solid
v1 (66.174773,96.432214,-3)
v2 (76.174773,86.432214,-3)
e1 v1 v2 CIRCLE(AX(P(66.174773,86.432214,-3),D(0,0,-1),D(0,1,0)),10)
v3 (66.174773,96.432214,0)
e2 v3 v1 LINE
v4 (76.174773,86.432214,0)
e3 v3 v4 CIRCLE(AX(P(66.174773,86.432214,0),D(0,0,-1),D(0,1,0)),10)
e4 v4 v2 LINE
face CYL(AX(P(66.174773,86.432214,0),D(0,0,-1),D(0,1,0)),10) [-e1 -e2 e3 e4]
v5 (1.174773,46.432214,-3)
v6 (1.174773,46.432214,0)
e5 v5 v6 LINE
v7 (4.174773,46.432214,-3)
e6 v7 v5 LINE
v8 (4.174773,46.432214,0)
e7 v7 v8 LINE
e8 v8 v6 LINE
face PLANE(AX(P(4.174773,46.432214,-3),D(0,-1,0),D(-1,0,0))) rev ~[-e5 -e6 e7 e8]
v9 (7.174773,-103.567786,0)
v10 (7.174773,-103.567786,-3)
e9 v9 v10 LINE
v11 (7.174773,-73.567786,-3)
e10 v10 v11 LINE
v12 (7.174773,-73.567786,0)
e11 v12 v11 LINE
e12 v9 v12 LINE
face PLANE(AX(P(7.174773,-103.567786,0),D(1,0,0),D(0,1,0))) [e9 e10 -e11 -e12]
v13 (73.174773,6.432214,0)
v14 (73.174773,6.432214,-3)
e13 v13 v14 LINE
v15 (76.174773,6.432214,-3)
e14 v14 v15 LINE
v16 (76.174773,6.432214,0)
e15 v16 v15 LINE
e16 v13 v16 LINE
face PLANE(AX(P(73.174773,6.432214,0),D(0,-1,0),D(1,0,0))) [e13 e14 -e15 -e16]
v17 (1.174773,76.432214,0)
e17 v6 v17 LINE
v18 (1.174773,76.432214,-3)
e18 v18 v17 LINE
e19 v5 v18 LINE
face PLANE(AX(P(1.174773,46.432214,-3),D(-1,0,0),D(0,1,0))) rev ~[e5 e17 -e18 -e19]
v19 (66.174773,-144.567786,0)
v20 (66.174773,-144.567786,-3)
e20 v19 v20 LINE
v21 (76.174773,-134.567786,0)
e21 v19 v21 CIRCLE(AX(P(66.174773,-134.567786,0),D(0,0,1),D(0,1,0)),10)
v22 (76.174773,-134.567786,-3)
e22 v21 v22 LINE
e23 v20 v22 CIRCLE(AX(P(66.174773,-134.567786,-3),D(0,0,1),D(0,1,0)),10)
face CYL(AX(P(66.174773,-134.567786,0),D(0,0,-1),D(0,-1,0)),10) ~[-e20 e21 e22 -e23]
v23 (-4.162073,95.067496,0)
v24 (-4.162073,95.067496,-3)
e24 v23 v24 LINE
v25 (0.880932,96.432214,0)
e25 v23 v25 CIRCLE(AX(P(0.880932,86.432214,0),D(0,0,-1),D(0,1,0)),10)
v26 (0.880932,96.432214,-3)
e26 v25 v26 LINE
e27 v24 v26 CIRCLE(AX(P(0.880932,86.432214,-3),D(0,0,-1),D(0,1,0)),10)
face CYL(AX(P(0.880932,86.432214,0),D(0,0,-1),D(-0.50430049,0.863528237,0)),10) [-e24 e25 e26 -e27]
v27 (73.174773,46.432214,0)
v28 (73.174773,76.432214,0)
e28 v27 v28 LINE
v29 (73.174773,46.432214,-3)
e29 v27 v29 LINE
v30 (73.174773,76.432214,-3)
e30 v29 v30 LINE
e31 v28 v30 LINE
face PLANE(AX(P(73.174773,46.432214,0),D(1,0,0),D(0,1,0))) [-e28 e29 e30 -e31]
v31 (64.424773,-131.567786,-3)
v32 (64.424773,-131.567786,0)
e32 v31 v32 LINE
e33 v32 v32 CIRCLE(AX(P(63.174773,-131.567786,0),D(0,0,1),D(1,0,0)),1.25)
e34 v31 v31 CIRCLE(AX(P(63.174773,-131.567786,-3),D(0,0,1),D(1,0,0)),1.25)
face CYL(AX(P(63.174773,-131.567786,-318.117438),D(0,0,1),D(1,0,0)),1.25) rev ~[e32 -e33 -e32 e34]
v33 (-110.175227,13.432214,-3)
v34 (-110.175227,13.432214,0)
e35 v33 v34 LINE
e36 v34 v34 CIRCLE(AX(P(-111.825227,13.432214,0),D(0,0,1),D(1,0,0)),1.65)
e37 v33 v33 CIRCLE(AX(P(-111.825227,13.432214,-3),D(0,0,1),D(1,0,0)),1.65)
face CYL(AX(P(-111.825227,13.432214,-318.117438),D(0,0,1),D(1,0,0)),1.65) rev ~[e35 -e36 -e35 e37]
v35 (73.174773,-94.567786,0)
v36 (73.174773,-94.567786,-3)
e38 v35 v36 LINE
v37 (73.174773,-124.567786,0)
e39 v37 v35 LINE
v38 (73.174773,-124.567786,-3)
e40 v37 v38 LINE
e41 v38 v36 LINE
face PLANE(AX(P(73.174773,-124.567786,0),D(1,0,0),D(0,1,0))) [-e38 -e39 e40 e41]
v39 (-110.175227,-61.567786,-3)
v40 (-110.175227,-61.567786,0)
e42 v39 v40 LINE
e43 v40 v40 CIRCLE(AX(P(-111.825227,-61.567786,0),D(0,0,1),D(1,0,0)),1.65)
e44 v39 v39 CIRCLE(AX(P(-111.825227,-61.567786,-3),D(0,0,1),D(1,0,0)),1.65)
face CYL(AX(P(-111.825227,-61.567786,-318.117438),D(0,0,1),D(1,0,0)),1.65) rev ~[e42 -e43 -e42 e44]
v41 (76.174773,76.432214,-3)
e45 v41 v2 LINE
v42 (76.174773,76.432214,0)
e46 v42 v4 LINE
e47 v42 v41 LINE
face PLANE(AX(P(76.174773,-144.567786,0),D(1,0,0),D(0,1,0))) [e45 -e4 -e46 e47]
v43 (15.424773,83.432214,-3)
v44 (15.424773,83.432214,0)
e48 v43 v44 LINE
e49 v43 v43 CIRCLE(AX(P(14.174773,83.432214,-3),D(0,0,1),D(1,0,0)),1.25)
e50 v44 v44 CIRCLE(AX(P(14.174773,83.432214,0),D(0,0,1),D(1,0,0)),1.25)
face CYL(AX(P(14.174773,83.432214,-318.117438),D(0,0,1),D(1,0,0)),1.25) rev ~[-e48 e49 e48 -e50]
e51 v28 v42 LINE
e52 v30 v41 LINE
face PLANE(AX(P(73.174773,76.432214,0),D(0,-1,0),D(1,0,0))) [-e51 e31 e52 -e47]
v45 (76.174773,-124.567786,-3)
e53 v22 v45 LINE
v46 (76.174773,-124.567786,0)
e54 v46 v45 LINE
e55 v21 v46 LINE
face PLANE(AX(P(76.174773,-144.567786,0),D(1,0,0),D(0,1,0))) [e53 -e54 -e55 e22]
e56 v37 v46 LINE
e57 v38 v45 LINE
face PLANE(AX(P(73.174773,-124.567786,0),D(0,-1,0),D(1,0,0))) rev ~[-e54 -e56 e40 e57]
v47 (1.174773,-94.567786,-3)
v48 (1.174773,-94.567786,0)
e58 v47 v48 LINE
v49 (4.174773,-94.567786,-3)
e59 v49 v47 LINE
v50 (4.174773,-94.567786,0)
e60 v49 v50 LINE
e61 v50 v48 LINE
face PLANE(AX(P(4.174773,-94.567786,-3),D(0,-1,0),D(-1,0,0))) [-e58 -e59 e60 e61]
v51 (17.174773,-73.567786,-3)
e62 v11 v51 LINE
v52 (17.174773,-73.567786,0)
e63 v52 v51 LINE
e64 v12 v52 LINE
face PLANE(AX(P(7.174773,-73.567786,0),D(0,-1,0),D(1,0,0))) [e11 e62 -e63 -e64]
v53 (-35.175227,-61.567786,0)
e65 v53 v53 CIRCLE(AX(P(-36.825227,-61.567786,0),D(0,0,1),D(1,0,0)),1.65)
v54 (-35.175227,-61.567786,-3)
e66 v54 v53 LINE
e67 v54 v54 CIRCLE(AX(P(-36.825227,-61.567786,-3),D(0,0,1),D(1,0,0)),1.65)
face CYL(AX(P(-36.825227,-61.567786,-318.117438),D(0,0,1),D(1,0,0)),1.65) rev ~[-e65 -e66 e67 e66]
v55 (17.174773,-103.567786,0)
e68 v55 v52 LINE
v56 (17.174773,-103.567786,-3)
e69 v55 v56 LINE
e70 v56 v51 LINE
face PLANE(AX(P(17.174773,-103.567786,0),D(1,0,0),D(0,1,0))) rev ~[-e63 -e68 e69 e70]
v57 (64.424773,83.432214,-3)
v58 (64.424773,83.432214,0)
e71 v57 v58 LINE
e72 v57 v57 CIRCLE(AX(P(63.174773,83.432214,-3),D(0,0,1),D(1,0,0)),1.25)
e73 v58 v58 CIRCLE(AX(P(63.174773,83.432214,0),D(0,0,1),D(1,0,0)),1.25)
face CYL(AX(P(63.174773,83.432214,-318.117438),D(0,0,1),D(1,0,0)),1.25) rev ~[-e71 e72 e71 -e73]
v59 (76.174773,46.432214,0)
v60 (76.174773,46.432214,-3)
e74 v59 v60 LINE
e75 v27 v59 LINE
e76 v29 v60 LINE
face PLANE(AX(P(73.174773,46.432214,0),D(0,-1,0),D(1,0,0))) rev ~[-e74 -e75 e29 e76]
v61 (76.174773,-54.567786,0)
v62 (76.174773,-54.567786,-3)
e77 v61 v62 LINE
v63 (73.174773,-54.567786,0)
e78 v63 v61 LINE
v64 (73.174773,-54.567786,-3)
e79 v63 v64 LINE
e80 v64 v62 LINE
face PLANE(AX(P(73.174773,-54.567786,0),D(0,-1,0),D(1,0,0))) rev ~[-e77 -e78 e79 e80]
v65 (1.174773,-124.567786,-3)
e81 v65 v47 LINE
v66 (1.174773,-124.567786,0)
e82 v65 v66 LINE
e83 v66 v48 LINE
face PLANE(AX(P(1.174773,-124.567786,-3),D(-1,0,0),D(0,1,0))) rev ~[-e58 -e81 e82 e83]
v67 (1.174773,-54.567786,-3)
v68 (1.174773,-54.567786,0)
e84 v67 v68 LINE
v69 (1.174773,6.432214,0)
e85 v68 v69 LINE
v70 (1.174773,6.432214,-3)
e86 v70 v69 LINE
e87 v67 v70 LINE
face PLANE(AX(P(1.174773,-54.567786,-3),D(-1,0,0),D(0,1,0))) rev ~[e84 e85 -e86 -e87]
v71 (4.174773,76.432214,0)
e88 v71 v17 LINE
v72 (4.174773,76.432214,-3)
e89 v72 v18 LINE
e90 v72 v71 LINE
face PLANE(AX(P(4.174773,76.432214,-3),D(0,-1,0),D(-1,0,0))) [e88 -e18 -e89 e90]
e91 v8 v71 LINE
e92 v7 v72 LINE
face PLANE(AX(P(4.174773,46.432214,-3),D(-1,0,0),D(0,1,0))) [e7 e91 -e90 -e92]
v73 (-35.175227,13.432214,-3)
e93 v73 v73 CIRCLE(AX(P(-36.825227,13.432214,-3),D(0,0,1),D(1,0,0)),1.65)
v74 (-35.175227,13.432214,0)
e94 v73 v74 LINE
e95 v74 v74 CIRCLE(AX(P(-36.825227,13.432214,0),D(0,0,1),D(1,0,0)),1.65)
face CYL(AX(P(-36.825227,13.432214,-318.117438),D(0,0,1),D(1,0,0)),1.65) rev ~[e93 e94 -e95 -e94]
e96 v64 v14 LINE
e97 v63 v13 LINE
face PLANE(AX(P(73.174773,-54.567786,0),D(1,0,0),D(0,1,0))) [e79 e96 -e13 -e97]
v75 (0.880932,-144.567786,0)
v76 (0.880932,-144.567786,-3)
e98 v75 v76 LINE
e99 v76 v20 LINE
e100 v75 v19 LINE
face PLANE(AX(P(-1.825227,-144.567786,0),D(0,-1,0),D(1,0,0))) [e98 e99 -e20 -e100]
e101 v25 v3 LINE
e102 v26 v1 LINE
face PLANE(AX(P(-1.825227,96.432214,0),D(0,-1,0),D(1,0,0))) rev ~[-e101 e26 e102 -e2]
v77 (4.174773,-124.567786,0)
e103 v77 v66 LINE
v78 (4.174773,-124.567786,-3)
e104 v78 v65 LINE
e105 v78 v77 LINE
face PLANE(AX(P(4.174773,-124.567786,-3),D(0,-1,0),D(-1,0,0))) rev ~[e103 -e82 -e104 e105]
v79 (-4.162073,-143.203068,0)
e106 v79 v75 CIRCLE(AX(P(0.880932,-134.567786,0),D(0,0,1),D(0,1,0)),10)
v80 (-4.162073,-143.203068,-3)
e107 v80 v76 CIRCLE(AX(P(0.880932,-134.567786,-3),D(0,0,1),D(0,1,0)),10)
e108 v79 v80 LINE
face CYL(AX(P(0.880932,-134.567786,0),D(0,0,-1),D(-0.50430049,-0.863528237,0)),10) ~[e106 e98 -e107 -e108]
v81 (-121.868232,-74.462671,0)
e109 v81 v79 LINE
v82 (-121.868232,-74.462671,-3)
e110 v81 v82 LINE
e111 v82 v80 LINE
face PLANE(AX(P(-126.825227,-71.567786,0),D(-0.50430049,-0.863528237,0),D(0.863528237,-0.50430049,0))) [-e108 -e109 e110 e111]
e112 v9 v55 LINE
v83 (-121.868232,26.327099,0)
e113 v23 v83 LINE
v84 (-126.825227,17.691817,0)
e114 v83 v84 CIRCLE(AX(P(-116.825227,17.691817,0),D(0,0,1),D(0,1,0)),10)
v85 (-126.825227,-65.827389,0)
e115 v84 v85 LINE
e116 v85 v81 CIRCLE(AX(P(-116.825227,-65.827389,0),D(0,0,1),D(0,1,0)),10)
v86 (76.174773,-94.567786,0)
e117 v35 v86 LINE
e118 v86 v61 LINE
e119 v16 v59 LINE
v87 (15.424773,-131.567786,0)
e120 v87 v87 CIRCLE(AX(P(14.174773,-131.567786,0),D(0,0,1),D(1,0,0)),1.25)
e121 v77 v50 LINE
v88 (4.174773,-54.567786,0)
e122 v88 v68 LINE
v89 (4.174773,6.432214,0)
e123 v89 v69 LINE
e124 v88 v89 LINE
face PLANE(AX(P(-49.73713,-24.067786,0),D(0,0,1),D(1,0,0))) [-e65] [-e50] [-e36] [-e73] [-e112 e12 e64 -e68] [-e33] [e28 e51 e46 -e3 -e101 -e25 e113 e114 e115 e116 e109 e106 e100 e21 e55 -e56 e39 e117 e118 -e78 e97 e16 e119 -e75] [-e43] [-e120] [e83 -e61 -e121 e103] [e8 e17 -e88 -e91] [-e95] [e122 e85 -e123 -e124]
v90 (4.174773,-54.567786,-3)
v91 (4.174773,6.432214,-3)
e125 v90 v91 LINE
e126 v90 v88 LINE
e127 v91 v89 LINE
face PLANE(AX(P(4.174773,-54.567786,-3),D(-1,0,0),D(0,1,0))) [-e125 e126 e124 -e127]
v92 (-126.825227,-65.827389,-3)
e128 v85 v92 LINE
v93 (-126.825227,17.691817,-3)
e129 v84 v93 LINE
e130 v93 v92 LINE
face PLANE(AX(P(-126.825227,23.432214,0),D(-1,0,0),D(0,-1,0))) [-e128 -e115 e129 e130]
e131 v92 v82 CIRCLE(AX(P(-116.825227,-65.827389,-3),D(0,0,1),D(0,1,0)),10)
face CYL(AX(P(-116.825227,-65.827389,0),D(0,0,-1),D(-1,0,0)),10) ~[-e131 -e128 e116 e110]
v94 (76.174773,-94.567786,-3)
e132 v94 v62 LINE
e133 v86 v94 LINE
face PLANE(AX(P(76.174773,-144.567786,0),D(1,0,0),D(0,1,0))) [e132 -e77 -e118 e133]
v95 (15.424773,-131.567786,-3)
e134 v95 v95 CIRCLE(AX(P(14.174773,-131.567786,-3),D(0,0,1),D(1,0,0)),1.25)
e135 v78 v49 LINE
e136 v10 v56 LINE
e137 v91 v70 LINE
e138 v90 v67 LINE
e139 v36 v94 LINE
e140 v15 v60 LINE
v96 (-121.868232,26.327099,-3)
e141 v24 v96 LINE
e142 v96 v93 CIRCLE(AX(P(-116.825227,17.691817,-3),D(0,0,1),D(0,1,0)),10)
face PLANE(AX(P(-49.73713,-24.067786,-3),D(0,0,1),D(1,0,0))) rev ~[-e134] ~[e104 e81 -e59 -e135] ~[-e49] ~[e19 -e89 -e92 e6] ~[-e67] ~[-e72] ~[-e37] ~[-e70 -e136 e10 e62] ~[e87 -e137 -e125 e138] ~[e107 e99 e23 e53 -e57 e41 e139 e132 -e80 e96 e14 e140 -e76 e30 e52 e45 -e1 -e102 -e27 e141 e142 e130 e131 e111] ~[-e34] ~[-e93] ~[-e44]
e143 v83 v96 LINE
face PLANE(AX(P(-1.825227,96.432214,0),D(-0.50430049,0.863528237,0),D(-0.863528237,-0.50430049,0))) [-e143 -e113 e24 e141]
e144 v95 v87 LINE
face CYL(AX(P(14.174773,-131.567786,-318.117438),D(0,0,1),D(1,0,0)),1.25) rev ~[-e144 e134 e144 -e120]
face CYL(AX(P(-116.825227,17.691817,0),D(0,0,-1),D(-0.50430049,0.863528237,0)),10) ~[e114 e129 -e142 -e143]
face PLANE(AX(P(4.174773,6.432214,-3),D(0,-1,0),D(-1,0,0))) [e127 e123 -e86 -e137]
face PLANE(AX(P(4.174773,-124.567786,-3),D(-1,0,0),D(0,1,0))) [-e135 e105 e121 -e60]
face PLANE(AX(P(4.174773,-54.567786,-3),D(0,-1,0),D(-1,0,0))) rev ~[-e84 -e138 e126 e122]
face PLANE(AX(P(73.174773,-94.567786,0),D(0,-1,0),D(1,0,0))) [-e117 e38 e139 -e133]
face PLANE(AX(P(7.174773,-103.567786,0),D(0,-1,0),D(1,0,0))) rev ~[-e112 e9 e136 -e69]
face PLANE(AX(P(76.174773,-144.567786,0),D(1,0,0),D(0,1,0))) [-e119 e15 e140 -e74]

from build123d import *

# Parameters (mm, degrees)
SKETCH_1_W          = 78
SKETCH_1_H          = 241
EXTRUDE_1_DEPTH     = 3
EXTRUDE_2_DEPTH     = 3
SKETCH_5_W          = 3
SKETCH_5_H          = 30
SKETCH_5_H_2        = 61
CUT_EXTRUDE_3_DEPTH = 3
SKETCH_6_W          = 3
SKETCH_6_H          = 30
SKETCH_6_H_2        = 61
CUT_EXTRUDE_4_DEPTH = 3
SKETCH_7_W          = 10
SKETCH_7_H          = 30
CUT_EXTRUDE_5_DEPTH = 3
FILLET_1_R          = 10
HOLE_WIZARD_M4_1_D  = 3.3
HOLE_WIZARD_M3_2_D  = 2.5


with BuildPart() as part:
    # 草图1 → 凸台-拉伸1 (new body)
    with BuildSketch(Plane.XY):
        with Locations((37.174772521, -24.067785913)):
            Rectangle(SKETCH_1_W, SKETCH_1_H)
    extrude(amount=-EXTRUDE_1_DEPTH)

    # 草图2 → 凸台-拉伸2 (add)
    with BuildSketch(Plane.XY):
        Polygon((-1.825227479, 96.432214087), (-126.825227479, 23.432214087), (-126.825227479, -71.567785913), (-1.825227479, -144.567785913), align=None)
    extrude(amount=-EXTRUDE_2_DEPTH)

    # 草图5 → 切除-拉伸3 (cut)
    with BuildSketch(Plane.XY):
        with Locations((74.674772521, 61.432214087)):
            Rectangle(SKETCH_5_W, SKETCH_5_H)
        with Locations((74.674772521, -109.567785913)):
            Rectangle(SKETCH_5_W, SKETCH_5_H)
        with Locations((74.674772521, -24.067785913)):
            Rectangle(SKETCH_5_W, SKETCH_5_H_2)
    extrude(amount=-CUT_EXTRUDE_3_DEPTH, mode=Mode.SUBTRACT)

    # 草图6 → 切除-拉伸4 (cut)
    with BuildSketch(Plane(origin=(0, 0, -3), x_dir=(-1, 0, 0), z_dir=(0, 0, -1))):
        with Locations((-2.674772521, 61.432214087)):
            Rectangle(SKETCH_6_W, SKETCH_6_H)
        with Locations((-2.674772521, -24.067785913)):
            Rectangle(SKETCH_6_W, SKETCH_6_H_2)
        with Locations((-2.674772521, -109.567785913)):
            Rectangle(SKETCH_6_W, SKETCH_6_H)
    extrude(amount=-CUT_EXTRUDE_4_DEPTH, mode=Mode.SUBTRACT)

    # 草图7 → 切除-拉伸5 (cut)
    with BuildSketch(Plane.XY):
        with Locations((12.174772521, -88.567785913)):
            Rectangle(SKETCH_7_W, SKETCH_7_H)
    extrude(amount=-CUT_EXTRUDE_5_DEPTH, mode=Mode.SUBTRACT)

    # 圆角1
    fillet_1_edges = [part.edges().sort_by_distance(p)[0] for p in [
        (-126.825227479, -71.567785913, -1.5),
        (-126.825227479, 23.432214087, -1.5),
        (-1.825227479, 96.432214087, -1.5),
        (-1.825227479, -144.567785913, -1.5),
        (76.174772521, -144.567785913, -1.5),
        (76.174772521, 96.432214087, -1.5),
    ]]
    fillet(fillet_1_edges, radius=FILLET_1_R)

    # M4 螺纹孔的螺纹孔钻头1 (through all)
    with Locations(Plane(origin=(-111.825227479, 13.432214087, -3), x_dir=(-1, 0, 0), z_dir=(0, 0, -1))):
        with Locations((0, 0), (0, -75), (-75, -75), (-75, 0)):
            Hole(HOLE_WIZARD_M4_1_D / 2)

    # M3 螺纹孔的螺纹孔钻头2 (through all)
    with Locations(Plane(origin=(63.174772521, -131.567785913, -3), x_dir=(-1, 0, 0), z_dir=(0, 0, -1))):
        with Locations((0, 0), (49, 0), (0, 215), (49, 215)):
            Hole(HOLE_WIZARD_M3_2_D / 2)


solid = part.part
